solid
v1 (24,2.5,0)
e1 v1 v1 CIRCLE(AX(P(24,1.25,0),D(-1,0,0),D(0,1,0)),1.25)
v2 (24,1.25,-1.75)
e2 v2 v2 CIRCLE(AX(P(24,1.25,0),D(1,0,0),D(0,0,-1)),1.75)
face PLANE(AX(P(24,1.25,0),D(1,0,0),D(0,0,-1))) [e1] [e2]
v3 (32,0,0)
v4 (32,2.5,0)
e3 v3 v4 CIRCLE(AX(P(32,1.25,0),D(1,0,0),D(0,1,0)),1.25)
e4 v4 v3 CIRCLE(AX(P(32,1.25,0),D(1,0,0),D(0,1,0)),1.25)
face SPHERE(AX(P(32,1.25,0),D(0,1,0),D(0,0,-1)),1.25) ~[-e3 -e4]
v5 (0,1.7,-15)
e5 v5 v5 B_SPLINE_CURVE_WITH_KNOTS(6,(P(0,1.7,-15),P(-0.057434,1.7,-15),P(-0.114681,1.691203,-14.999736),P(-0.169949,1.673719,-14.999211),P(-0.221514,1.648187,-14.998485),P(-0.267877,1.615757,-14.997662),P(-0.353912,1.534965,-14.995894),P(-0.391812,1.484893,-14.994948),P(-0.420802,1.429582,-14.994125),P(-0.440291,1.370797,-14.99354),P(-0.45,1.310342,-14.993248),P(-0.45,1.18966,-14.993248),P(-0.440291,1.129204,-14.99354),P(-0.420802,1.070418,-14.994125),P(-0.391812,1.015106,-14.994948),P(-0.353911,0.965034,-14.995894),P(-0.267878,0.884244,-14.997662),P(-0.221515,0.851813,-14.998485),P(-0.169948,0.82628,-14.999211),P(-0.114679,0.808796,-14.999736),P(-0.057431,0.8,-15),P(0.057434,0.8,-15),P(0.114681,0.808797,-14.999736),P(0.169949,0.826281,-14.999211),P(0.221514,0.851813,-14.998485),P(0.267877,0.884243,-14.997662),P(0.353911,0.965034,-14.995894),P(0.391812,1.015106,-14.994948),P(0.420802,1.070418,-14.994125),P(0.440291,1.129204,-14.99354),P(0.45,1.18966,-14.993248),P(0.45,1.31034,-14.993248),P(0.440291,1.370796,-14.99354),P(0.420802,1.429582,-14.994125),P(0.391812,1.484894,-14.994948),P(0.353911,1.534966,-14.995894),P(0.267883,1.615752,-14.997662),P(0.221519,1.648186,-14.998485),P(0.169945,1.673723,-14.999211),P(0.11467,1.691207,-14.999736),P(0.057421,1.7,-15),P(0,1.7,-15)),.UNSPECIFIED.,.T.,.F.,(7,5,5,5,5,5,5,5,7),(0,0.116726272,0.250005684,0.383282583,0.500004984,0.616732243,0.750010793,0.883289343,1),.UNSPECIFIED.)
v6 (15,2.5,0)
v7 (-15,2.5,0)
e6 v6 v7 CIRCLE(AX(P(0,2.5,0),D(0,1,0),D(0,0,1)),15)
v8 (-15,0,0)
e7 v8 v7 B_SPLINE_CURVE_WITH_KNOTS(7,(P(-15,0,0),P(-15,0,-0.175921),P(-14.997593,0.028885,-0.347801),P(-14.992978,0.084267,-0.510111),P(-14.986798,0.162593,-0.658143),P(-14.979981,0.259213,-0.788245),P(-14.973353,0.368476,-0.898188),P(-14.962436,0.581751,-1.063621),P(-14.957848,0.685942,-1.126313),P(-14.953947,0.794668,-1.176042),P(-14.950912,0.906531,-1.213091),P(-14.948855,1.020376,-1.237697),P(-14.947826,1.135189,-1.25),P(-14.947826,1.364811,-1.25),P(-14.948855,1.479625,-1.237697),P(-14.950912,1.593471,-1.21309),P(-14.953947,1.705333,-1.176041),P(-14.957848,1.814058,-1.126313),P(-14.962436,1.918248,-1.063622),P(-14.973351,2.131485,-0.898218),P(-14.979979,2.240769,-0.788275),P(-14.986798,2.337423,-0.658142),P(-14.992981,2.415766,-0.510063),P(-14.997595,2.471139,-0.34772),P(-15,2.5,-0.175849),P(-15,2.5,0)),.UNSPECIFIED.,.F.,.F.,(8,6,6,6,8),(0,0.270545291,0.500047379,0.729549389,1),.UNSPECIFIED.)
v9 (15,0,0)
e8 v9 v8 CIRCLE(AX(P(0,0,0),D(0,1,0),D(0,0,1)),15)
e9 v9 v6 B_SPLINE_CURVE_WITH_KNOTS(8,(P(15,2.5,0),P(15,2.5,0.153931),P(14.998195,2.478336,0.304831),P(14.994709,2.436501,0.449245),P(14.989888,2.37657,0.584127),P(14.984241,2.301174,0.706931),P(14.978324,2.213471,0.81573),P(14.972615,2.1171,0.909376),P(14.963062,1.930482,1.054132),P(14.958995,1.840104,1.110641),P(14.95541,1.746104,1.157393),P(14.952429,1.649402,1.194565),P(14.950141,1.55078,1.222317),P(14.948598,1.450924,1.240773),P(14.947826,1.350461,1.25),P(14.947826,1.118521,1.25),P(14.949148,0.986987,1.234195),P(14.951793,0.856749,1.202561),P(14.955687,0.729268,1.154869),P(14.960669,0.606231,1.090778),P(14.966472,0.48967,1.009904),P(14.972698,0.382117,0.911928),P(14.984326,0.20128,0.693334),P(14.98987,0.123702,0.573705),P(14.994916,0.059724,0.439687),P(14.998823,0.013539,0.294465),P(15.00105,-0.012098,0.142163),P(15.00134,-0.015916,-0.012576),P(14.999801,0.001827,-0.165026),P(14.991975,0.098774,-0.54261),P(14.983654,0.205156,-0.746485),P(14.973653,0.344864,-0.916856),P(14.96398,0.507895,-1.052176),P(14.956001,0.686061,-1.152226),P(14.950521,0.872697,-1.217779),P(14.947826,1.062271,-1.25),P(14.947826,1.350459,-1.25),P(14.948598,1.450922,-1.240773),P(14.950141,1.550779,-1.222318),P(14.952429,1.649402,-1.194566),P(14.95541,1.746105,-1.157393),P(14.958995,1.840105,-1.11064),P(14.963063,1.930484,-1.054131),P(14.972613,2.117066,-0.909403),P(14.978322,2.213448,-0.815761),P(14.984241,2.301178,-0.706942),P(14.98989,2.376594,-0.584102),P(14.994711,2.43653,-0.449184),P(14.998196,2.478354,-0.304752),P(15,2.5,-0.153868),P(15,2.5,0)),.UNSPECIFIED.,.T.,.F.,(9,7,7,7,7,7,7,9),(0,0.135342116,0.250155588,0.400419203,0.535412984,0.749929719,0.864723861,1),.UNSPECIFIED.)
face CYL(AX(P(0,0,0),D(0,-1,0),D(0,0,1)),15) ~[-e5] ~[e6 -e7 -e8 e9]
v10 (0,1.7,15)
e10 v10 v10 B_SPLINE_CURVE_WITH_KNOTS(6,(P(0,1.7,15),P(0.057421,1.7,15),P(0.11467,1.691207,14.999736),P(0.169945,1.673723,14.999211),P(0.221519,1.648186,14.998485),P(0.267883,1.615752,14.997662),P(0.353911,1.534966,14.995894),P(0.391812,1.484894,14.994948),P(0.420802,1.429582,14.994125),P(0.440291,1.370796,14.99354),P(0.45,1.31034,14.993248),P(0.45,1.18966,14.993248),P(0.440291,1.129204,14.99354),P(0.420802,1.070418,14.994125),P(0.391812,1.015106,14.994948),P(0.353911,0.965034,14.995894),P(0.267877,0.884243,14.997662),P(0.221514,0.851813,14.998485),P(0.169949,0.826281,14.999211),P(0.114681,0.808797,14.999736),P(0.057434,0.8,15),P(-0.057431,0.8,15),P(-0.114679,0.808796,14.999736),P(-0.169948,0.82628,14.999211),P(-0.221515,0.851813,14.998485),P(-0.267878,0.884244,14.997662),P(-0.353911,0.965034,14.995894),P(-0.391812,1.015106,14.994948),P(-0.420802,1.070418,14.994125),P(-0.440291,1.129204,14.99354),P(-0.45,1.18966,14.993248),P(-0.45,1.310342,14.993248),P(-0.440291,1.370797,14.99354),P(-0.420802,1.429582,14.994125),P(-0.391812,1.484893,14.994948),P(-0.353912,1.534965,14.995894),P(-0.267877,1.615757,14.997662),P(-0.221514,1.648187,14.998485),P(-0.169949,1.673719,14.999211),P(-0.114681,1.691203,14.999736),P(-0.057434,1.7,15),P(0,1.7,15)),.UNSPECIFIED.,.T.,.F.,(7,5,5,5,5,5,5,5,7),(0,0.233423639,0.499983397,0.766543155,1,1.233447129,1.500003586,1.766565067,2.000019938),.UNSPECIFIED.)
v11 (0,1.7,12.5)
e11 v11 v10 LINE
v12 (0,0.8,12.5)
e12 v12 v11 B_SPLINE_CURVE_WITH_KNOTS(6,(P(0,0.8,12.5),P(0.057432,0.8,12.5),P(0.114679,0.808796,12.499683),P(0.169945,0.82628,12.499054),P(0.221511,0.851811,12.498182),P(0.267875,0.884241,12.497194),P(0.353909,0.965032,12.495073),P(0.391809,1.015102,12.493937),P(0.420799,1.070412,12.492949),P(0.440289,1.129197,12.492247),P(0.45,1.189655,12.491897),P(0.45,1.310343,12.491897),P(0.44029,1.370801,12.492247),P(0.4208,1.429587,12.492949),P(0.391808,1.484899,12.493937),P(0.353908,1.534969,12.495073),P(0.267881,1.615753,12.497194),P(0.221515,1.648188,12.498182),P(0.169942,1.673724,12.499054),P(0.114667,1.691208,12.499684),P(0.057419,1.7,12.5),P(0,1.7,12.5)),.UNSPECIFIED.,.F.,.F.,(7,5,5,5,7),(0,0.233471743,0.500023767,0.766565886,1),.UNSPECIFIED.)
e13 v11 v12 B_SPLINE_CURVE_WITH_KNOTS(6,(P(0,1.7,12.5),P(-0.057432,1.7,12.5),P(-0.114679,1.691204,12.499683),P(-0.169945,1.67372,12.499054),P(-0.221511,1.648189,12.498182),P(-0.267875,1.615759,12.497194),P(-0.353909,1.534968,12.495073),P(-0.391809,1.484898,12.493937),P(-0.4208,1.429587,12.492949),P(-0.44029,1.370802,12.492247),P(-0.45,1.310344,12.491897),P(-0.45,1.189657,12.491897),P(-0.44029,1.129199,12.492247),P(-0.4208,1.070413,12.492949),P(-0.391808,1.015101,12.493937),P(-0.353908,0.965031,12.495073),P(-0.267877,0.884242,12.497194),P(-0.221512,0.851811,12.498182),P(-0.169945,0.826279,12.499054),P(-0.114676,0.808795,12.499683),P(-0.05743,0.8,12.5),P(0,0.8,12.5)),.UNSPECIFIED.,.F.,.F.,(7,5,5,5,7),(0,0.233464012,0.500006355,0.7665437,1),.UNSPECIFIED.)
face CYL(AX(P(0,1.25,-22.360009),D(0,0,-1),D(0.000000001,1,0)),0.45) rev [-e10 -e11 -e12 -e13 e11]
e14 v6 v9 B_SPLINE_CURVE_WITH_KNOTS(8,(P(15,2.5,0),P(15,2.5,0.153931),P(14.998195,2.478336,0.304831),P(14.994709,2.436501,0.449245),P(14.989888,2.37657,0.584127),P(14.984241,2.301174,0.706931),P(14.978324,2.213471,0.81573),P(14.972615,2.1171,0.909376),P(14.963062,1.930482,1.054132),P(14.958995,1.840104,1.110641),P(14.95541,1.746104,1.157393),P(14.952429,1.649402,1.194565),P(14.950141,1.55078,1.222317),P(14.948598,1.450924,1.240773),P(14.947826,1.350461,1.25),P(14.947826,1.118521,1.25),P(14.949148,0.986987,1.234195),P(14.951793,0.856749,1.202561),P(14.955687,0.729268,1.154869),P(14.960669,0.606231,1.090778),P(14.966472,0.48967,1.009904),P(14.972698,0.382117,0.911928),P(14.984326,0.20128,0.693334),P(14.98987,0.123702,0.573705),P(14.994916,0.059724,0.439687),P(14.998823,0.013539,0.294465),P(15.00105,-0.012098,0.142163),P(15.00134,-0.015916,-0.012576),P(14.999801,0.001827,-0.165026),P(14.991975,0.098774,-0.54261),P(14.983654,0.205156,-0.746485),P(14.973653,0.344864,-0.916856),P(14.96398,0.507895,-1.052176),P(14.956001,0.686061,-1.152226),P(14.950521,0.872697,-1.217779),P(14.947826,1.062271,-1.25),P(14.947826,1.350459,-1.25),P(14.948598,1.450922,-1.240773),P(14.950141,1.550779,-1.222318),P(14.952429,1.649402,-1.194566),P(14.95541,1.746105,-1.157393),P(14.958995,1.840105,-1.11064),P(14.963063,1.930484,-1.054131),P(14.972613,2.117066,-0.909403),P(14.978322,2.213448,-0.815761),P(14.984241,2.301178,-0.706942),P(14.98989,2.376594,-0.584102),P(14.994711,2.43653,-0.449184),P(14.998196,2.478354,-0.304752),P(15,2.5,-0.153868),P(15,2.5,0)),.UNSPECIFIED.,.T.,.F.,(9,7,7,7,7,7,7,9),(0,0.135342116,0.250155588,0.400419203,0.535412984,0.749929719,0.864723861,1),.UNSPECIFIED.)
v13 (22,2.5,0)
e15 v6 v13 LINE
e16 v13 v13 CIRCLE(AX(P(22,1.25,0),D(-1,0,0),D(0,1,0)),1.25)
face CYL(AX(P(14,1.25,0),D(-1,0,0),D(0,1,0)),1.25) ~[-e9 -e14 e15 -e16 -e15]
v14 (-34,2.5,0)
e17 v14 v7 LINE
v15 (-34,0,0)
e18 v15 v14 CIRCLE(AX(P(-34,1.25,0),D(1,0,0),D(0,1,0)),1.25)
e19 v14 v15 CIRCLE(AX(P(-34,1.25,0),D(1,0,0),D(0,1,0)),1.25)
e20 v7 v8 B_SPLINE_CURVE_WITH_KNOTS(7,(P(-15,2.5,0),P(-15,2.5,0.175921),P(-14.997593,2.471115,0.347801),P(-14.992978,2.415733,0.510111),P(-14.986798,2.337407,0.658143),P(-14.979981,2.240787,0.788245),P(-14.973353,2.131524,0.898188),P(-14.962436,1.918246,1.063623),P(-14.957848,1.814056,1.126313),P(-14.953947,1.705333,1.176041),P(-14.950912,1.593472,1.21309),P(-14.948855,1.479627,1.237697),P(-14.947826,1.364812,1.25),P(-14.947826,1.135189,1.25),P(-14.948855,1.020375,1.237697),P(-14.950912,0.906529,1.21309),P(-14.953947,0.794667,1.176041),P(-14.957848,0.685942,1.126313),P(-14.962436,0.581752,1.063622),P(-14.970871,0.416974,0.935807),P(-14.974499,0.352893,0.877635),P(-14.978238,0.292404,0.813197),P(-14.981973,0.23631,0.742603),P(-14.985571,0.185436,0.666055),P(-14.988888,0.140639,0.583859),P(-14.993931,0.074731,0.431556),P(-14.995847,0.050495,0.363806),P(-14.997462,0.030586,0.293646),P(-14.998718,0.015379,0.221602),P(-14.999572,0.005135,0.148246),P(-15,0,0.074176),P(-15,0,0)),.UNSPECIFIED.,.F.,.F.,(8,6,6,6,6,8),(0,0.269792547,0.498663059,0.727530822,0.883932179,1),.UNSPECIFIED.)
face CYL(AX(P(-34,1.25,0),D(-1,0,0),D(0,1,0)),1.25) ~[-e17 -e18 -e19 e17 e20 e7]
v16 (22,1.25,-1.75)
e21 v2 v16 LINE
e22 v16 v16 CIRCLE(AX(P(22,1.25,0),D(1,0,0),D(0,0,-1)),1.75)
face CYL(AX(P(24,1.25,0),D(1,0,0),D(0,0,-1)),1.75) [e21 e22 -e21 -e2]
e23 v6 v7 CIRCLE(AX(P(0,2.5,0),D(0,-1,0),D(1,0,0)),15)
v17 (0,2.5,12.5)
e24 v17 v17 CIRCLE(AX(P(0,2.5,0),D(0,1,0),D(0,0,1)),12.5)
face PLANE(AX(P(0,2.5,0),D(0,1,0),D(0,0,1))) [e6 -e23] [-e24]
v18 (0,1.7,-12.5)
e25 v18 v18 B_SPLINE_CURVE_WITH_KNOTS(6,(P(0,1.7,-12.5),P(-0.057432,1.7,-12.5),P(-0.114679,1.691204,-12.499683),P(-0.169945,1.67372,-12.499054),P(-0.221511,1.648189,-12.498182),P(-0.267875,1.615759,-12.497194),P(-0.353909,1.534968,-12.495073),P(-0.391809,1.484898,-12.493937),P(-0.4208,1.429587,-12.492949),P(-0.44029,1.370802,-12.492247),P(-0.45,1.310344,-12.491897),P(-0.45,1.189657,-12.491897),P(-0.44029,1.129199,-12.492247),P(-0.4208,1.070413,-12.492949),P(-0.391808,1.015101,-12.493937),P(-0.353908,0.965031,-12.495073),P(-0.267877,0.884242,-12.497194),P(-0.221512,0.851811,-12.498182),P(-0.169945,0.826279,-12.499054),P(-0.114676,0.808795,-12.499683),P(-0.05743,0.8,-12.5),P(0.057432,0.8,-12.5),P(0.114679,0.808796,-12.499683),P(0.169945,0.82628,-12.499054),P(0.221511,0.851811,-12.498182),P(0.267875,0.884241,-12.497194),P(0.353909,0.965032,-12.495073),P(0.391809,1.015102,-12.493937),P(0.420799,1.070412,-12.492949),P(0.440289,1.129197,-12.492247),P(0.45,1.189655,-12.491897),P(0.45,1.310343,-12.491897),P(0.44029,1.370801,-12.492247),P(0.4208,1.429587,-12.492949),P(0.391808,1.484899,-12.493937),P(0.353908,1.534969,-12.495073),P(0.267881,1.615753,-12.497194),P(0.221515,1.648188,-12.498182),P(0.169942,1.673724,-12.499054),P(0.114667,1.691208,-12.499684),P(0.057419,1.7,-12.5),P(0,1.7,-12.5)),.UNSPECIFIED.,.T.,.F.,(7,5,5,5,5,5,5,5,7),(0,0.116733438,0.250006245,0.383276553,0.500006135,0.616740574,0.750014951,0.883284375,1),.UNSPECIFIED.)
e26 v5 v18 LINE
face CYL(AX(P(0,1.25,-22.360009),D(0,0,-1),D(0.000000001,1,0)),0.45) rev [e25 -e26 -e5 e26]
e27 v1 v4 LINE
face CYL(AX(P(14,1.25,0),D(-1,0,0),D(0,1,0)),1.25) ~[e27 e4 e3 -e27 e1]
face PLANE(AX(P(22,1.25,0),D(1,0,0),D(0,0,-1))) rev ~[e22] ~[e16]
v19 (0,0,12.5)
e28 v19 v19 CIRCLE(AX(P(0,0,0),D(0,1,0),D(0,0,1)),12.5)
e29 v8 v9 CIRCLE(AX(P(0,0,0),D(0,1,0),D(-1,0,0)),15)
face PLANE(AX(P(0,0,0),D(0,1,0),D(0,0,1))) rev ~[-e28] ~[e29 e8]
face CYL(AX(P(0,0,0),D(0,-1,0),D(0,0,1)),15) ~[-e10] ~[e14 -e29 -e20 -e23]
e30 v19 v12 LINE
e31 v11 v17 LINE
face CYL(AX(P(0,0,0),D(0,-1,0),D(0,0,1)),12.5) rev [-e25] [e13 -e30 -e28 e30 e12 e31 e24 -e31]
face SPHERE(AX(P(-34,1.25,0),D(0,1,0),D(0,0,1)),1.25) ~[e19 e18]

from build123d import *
from build123d.topology import SkipClean

# Parameters (mm, degrees)
SKETCH1_R               = 15
SKETCH1_R_2             = 12.5
BOSS_EXTRUDE2_DEPTH     = 2.5
CUT_EXTRUDE2_DEPTH      = 22.360009363
CUT_EXTRUDE2_DEPTH_BACK = 22.360009363
SKETCH3_R               = 0.45
SKETCH4_R               = 1.25
BOSS_EXTRUDE3_DEPTH     = 18
BOSS_EXTRUDE4_START     = -20
SKETCH6_R               = 1.25
BOSS_EXTRUDE4_DEPTH     = 20
SKETCH9_R               = 1.75
BOSS_EXTRUDE5_DEPTH     = 2


with BuildPart() as part:
    # Sketch1 → Boss-Extrude2 (new body)
    with BuildSketch(Plane(origin=(0, 0, 0), x_dir=(1, 0, 0), z_dir=(0, 1, 0))):
        with Locations(Location((0, 0, 0), (0, 0, 270))):
            Circle(SKETCH1_R)
        with Locations(Location((0, 0, 0), (0, 0, 270))):
            Circle(SKETCH1_R_2, mode=Mode.SUBTRACT)
    extrude(amount=BOSS_EXTRUDE2_DEPTH)

    # Sketch3 → Cut-Extrude2 (cut, two sides: drawn at the far end of the back side and taken through both)
    with BuildSketch(Plane.XY.offset(-CUT_EXTRUDE2_DEPTH_BACK)):
        with Locations(Location((0, 1.25, 0), (0, 0, 89.999999951))):
            Circle(SKETCH3_R)
    extrude(amount=CUT_EXTRUDE2_DEPTH + CUT_EXTRUDE2_DEPTH_BACK, mode=Mode.SUBTRACT)

    # Sketch4 → Boss-Extrude3 (add)
    with SkipClean():  # the faces are left unmerged after this step: merging them gives an invalid solid
        with BuildSketch(Plane(origin=(14, 0, 0), x_dir=(0, 0, -1), z_dir=(1, 0, 0))):
            with Locations(Location((0, 1.25, 0), (0, 0, 90))):
                Circle(SKETCH4_R)
        extrude(amount=BOSS_EXTRUDE3_DEPTH)

    # Sketch5 → Revolve1 (revolve)
    with SkipClean():  # the faces are left unmerged after this step: merging them gives an invalid solid
        with BuildSketch(Plane(origin=(32, 0, 0), x_dir=(0, 0, -1), z_dir=(1, 0, 0))):
            with BuildLine():
                Line((0, 2.5), (0, 0))
                ThreePointArc((0, 0), (1.25, 1.25), (0, 2.5))
            make_face()
        revolve(axis=Axis((32, 2.5, 0), (0, -1, 0)))

    # Sketch6 → Boss-Extrude4 (add)
    with BuildSketch(Plane(origin=(-14, 0, 0), x_dir=(0, 0, -1), z_dir=(1, 0, 0)).offset(BOSS_EXTRUDE4_START)):
        with Locations(Location((0, 1.25, 0), (0, 0, 90))):
            Circle(SKETCH6_R)
    extrude(amount=BOSS_EXTRUDE4_DEPTH)

    # Sketch7 → Revolve2 (revolve)
    with BuildSketch(Plane.ZY.offset(34)):
        with BuildLine():
            Line((0, 2.5), (0, 0))
            ThreePointArc((0, 0), (1.25, 1.25), (0, 2.5))
        make_face()
    revolve(axis=Axis((-34, 2.5, 0), (0, -1, 0)))

    # Sketch9 → Boss-Extrude5 (add)
    with BuildSketch(Plane(origin=(24, 0, 0), x_dir=(0, 0, -1), z_dir=(1, 0, 0))):
        with Locations((0, 1.25)):
            Circle(SKETCH9_R)
    extrude(amount=-BOSS_EXTRUDE5_DEPTH)


solid = part.part
